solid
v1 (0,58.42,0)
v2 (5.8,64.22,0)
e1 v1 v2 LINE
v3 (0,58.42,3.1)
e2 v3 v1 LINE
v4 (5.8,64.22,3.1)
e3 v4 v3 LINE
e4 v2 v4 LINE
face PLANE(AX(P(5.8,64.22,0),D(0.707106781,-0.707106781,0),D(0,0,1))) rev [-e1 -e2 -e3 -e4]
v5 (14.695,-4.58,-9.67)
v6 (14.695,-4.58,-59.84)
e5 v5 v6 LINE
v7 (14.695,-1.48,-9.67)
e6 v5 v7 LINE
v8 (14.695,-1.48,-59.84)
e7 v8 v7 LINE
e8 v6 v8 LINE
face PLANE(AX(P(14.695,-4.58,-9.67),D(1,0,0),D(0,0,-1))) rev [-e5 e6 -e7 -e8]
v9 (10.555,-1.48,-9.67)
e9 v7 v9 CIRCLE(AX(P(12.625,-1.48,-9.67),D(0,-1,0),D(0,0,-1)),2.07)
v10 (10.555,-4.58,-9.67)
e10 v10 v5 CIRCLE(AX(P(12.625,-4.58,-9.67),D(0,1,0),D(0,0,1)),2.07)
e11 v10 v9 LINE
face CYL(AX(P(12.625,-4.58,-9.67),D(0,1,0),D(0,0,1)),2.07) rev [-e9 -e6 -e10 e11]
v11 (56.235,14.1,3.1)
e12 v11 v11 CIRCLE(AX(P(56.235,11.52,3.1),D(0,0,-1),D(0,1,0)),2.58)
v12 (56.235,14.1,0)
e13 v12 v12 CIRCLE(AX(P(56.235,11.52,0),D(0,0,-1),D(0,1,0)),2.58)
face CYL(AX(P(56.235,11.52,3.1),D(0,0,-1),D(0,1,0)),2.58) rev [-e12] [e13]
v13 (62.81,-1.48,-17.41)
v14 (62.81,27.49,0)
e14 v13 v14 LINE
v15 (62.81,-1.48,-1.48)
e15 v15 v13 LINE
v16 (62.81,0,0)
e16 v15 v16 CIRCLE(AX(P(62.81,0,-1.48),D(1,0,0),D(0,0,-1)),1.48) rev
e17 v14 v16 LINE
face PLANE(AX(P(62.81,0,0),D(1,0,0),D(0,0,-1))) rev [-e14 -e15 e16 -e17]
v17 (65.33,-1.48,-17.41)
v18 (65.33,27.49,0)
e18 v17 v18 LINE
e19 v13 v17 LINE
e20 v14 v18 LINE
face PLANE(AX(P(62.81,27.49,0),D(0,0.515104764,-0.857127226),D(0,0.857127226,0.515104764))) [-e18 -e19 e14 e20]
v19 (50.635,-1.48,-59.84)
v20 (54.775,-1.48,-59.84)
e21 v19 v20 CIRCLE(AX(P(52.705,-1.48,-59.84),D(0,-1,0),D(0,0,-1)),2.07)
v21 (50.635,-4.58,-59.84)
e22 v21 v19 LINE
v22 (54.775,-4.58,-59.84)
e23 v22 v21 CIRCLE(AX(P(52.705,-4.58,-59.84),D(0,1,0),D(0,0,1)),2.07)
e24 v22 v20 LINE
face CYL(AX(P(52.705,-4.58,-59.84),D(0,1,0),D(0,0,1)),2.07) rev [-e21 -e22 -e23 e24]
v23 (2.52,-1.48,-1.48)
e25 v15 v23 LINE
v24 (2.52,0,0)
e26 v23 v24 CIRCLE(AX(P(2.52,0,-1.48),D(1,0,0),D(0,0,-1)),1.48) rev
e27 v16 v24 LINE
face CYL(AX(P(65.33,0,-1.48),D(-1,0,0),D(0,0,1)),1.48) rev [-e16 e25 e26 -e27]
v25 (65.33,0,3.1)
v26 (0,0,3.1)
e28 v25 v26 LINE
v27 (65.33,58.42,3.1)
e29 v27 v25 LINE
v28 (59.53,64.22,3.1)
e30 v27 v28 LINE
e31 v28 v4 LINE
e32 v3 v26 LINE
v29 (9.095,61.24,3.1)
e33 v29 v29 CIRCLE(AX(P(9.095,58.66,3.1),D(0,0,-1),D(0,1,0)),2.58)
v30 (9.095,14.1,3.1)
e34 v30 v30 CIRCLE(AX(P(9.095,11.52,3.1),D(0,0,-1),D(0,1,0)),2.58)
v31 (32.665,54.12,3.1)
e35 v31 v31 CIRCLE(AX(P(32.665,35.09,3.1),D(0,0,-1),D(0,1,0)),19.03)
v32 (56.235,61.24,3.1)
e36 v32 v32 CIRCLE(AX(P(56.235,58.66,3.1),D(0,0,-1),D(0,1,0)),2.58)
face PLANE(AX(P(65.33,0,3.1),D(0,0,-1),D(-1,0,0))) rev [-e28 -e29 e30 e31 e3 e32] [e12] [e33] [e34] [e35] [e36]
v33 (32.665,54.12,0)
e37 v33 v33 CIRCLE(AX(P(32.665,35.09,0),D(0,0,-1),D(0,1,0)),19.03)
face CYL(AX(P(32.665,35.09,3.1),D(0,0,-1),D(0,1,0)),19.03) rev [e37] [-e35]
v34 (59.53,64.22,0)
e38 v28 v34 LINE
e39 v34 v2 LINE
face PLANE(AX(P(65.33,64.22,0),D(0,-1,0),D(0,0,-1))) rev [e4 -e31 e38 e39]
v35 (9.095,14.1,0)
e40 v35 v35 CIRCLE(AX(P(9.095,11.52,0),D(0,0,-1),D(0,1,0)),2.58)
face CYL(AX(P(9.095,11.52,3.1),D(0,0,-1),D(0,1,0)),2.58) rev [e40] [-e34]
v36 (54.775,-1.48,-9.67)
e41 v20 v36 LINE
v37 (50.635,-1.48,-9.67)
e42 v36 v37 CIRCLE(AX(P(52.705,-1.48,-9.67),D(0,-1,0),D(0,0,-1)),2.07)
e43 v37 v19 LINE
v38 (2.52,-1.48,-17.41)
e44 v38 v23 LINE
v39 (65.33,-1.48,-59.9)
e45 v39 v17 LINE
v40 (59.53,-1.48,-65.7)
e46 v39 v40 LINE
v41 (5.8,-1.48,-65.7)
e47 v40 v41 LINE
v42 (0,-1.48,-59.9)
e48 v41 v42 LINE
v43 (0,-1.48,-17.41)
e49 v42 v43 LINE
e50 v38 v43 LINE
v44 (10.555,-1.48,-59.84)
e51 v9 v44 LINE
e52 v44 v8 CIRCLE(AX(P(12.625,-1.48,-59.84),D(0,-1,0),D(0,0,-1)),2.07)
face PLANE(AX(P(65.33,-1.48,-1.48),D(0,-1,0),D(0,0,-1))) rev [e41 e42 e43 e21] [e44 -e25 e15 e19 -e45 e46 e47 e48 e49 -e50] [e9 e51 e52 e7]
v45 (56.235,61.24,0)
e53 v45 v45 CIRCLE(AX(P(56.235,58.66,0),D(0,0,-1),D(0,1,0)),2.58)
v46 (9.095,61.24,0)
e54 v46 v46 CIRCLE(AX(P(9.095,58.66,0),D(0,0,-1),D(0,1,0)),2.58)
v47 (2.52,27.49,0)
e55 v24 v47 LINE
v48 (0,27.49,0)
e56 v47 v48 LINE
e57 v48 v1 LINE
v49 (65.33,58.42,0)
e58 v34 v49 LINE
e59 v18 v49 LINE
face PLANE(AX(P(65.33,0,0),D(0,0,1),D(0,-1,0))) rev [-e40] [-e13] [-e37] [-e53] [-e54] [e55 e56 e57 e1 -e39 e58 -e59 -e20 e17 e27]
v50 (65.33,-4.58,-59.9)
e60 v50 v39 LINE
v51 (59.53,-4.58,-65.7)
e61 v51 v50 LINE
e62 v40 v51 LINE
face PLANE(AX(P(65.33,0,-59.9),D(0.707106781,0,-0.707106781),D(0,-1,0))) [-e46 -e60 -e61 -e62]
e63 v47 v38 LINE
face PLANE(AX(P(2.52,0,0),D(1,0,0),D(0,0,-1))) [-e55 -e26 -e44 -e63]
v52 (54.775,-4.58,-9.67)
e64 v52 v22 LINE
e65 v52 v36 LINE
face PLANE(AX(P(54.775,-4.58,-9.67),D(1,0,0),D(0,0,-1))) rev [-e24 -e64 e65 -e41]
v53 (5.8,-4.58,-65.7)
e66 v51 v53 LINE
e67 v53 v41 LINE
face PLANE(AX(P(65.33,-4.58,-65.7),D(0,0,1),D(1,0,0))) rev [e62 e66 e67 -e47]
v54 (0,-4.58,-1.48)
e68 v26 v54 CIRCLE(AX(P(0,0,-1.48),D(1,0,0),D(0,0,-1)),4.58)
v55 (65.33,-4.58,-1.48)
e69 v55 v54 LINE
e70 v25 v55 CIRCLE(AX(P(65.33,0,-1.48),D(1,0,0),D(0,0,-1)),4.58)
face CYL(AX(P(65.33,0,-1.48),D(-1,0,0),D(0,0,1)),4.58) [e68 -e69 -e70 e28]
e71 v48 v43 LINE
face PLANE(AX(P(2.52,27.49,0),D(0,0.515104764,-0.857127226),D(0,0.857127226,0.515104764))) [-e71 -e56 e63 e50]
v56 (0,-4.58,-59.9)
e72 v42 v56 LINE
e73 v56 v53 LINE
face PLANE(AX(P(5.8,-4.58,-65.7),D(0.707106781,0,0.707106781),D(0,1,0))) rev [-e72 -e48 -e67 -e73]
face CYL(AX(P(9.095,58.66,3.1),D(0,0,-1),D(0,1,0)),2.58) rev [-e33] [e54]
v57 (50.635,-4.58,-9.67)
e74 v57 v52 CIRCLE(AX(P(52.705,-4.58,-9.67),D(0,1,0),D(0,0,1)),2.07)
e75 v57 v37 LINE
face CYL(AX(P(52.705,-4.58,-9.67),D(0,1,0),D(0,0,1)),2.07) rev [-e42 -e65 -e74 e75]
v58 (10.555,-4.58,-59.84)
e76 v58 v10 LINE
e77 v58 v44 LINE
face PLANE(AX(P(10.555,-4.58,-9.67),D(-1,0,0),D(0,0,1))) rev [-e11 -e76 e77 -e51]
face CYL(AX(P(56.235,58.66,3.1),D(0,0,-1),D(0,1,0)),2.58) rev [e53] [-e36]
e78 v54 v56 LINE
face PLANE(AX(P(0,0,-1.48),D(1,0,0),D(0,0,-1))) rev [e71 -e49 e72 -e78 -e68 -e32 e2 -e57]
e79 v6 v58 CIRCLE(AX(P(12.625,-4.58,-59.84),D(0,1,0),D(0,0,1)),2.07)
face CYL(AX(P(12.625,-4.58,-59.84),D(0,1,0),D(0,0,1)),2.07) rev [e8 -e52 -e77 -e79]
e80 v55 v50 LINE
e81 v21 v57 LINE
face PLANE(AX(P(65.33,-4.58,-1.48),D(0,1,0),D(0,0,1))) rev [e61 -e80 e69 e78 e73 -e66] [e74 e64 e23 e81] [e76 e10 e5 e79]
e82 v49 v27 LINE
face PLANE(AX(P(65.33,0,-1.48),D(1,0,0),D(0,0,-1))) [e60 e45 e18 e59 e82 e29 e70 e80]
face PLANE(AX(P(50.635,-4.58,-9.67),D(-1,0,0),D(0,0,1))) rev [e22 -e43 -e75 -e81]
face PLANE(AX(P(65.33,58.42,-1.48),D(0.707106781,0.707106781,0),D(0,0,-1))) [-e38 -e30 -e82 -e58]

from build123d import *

# Parameters (mm, degrees)
BOSS_EXTRUDE1_DEPTH     = 65.33
CHAMFER1_SIZE           = 5.8
BOSS_EXTRUDE2_DEPTH     = 2.52
BOSS_EXTRUDE3_DEPTH     = 2.52
SKETCH4_R               = 19.03
SKETCH4_R_2             = 2.58
CUT_EXTRUDE1_DEPTH      = 4.1
CUT_EXTRUDE2_DEPTH      = 66.7
CUT_EXTRUDE2_DEPTH_BACK = 4.1


with BuildPart() as part:
    # Sketch1 → Boss-Extrude1 (new body)
    with BuildSketch(Plane(origin=(0, 0, 0), x_dir=(0, 0, -1), z_dir=(1, 0, 0))):
        with BuildLine():
            Line((0, 0), (0, 64.22))
            Line((0, 64.22), (-3.1, 64.22))
            Line((-3.1, 64.22), (-3.1, 0))
            ThreePointArc((-3.1, 0), (-1.758549058, -3.238549058), (1.48, -4.58))
            Line((1.48, -4.58), (65.7, -4.58))
            Line((65.7, -4.58), (65.7, -1.48))
            Line((65.7, -1.48), (1.48, -1.48))
            ThreePointArc((1.48, -1.48), (0.433481964, -1.046518036), (0, 0))
        make_face()
    extrude(amount=BOSS_EXTRUDE1_DEPTH)

    # Chamfer1
    chamfer1_edges = [part.edges().sort_by_distance(p)[0] for p in [
        (65.33, 64.22, 1.55),
        (65.33, -3.03, -65.7),
        (0, -3.03, -65.7),
        (0, 64.22, 1.55),
    ]]
    chamfer(chamfer1_edges, length=CHAMFER1_SIZE)

    # Sketch2 → Boss-Extrude2 (add)
    with BuildSketch(Plane(origin=(65.33, 0, 0), x_dir=(0, 0, -1), z_dir=(1, 0, 0))):
        Polygon((0, 27.49), (17.41, -1.48), (0, -1.48), align=None)
    extrude(amount=-BOSS_EXTRUDE2_DEPTH)

    # Sketch3 → Boss-Extrude3 (add)
    with BuildSketch(Plane.ZY):
        Polygon((0, 27.49), (-17.41, -1.48), (0, -1.48), align=None)
    extrude(amount=-BOSS_EXTRUDE3_DEPTH)

    # Sketch4 → Cut-Extrude1 (cut, through all)
    with BuildSketch(Plane(origin=(0, 0, 0), x_dir=(-1, 0, 0), z_dir=(0, 0, -1))):
        with Locations((-32.665, 35.09)):
            Circle(SKETCH4_R)
        with Locations((-56.235, 58.66)):
            Circle(SKETCH4_R_2)
        with Locations((-9.095, 58.66)):
            Circle(SKETCH4_R_2)
        with Locations((-9.095, 11.52)):
            Circle(SKETCH4_R_2)
        with Locations((-56.235, 11.52)):
            Circle(SKETCH4_R_2)
    extrude(amount=-CUT_EXTRUDE1_DEPTH, mode=Mode.SUBTRACT)

    # Sketch5 → Cut-Extrude2 (cut, two sides)
    with BuildSketch(Plane(origin=(0, -1.48, 0), x_dir=(1, 0, 0), z_dir=(0, 1, 0))) as cut_extrude2_sk:
        with BuildLine():
            Line((50.635, 9.67), (50.635, 59.84))
            ThreePointArc((50.635, 59.84), (52.705, 61.91), (54.775, 59.84))
            Line((54.775, 59.84), (54.775, 9.67))
            ThreePointArc((54.775, 9.67), (52.705, 7.6), (50.635, 9.67))
        make_face()
        with BuildLine():
            Line((10.555, 9.67), (10.555, 59.84))
            ThreePointArc((10.555, 59.84), (12.625, 61.91), (14.695, 59.84))
            Line((14.695, 59.84), (14.695, 9.67))
            ThreePointArc((14.695, 9.67), (12.625, 7.6), (10.555, 9.67))
        make_face()
    extrude(amount=CUT_EXTRUDE2_DEPTH, mode=Mode.SUBTRACT)
    extrude(cut_extrude2_sk.sketch, amount=-CUT_EXTRUDE2_DEPTH_BACK, mode=Mode.SUBTRACT)


solid = part.part
